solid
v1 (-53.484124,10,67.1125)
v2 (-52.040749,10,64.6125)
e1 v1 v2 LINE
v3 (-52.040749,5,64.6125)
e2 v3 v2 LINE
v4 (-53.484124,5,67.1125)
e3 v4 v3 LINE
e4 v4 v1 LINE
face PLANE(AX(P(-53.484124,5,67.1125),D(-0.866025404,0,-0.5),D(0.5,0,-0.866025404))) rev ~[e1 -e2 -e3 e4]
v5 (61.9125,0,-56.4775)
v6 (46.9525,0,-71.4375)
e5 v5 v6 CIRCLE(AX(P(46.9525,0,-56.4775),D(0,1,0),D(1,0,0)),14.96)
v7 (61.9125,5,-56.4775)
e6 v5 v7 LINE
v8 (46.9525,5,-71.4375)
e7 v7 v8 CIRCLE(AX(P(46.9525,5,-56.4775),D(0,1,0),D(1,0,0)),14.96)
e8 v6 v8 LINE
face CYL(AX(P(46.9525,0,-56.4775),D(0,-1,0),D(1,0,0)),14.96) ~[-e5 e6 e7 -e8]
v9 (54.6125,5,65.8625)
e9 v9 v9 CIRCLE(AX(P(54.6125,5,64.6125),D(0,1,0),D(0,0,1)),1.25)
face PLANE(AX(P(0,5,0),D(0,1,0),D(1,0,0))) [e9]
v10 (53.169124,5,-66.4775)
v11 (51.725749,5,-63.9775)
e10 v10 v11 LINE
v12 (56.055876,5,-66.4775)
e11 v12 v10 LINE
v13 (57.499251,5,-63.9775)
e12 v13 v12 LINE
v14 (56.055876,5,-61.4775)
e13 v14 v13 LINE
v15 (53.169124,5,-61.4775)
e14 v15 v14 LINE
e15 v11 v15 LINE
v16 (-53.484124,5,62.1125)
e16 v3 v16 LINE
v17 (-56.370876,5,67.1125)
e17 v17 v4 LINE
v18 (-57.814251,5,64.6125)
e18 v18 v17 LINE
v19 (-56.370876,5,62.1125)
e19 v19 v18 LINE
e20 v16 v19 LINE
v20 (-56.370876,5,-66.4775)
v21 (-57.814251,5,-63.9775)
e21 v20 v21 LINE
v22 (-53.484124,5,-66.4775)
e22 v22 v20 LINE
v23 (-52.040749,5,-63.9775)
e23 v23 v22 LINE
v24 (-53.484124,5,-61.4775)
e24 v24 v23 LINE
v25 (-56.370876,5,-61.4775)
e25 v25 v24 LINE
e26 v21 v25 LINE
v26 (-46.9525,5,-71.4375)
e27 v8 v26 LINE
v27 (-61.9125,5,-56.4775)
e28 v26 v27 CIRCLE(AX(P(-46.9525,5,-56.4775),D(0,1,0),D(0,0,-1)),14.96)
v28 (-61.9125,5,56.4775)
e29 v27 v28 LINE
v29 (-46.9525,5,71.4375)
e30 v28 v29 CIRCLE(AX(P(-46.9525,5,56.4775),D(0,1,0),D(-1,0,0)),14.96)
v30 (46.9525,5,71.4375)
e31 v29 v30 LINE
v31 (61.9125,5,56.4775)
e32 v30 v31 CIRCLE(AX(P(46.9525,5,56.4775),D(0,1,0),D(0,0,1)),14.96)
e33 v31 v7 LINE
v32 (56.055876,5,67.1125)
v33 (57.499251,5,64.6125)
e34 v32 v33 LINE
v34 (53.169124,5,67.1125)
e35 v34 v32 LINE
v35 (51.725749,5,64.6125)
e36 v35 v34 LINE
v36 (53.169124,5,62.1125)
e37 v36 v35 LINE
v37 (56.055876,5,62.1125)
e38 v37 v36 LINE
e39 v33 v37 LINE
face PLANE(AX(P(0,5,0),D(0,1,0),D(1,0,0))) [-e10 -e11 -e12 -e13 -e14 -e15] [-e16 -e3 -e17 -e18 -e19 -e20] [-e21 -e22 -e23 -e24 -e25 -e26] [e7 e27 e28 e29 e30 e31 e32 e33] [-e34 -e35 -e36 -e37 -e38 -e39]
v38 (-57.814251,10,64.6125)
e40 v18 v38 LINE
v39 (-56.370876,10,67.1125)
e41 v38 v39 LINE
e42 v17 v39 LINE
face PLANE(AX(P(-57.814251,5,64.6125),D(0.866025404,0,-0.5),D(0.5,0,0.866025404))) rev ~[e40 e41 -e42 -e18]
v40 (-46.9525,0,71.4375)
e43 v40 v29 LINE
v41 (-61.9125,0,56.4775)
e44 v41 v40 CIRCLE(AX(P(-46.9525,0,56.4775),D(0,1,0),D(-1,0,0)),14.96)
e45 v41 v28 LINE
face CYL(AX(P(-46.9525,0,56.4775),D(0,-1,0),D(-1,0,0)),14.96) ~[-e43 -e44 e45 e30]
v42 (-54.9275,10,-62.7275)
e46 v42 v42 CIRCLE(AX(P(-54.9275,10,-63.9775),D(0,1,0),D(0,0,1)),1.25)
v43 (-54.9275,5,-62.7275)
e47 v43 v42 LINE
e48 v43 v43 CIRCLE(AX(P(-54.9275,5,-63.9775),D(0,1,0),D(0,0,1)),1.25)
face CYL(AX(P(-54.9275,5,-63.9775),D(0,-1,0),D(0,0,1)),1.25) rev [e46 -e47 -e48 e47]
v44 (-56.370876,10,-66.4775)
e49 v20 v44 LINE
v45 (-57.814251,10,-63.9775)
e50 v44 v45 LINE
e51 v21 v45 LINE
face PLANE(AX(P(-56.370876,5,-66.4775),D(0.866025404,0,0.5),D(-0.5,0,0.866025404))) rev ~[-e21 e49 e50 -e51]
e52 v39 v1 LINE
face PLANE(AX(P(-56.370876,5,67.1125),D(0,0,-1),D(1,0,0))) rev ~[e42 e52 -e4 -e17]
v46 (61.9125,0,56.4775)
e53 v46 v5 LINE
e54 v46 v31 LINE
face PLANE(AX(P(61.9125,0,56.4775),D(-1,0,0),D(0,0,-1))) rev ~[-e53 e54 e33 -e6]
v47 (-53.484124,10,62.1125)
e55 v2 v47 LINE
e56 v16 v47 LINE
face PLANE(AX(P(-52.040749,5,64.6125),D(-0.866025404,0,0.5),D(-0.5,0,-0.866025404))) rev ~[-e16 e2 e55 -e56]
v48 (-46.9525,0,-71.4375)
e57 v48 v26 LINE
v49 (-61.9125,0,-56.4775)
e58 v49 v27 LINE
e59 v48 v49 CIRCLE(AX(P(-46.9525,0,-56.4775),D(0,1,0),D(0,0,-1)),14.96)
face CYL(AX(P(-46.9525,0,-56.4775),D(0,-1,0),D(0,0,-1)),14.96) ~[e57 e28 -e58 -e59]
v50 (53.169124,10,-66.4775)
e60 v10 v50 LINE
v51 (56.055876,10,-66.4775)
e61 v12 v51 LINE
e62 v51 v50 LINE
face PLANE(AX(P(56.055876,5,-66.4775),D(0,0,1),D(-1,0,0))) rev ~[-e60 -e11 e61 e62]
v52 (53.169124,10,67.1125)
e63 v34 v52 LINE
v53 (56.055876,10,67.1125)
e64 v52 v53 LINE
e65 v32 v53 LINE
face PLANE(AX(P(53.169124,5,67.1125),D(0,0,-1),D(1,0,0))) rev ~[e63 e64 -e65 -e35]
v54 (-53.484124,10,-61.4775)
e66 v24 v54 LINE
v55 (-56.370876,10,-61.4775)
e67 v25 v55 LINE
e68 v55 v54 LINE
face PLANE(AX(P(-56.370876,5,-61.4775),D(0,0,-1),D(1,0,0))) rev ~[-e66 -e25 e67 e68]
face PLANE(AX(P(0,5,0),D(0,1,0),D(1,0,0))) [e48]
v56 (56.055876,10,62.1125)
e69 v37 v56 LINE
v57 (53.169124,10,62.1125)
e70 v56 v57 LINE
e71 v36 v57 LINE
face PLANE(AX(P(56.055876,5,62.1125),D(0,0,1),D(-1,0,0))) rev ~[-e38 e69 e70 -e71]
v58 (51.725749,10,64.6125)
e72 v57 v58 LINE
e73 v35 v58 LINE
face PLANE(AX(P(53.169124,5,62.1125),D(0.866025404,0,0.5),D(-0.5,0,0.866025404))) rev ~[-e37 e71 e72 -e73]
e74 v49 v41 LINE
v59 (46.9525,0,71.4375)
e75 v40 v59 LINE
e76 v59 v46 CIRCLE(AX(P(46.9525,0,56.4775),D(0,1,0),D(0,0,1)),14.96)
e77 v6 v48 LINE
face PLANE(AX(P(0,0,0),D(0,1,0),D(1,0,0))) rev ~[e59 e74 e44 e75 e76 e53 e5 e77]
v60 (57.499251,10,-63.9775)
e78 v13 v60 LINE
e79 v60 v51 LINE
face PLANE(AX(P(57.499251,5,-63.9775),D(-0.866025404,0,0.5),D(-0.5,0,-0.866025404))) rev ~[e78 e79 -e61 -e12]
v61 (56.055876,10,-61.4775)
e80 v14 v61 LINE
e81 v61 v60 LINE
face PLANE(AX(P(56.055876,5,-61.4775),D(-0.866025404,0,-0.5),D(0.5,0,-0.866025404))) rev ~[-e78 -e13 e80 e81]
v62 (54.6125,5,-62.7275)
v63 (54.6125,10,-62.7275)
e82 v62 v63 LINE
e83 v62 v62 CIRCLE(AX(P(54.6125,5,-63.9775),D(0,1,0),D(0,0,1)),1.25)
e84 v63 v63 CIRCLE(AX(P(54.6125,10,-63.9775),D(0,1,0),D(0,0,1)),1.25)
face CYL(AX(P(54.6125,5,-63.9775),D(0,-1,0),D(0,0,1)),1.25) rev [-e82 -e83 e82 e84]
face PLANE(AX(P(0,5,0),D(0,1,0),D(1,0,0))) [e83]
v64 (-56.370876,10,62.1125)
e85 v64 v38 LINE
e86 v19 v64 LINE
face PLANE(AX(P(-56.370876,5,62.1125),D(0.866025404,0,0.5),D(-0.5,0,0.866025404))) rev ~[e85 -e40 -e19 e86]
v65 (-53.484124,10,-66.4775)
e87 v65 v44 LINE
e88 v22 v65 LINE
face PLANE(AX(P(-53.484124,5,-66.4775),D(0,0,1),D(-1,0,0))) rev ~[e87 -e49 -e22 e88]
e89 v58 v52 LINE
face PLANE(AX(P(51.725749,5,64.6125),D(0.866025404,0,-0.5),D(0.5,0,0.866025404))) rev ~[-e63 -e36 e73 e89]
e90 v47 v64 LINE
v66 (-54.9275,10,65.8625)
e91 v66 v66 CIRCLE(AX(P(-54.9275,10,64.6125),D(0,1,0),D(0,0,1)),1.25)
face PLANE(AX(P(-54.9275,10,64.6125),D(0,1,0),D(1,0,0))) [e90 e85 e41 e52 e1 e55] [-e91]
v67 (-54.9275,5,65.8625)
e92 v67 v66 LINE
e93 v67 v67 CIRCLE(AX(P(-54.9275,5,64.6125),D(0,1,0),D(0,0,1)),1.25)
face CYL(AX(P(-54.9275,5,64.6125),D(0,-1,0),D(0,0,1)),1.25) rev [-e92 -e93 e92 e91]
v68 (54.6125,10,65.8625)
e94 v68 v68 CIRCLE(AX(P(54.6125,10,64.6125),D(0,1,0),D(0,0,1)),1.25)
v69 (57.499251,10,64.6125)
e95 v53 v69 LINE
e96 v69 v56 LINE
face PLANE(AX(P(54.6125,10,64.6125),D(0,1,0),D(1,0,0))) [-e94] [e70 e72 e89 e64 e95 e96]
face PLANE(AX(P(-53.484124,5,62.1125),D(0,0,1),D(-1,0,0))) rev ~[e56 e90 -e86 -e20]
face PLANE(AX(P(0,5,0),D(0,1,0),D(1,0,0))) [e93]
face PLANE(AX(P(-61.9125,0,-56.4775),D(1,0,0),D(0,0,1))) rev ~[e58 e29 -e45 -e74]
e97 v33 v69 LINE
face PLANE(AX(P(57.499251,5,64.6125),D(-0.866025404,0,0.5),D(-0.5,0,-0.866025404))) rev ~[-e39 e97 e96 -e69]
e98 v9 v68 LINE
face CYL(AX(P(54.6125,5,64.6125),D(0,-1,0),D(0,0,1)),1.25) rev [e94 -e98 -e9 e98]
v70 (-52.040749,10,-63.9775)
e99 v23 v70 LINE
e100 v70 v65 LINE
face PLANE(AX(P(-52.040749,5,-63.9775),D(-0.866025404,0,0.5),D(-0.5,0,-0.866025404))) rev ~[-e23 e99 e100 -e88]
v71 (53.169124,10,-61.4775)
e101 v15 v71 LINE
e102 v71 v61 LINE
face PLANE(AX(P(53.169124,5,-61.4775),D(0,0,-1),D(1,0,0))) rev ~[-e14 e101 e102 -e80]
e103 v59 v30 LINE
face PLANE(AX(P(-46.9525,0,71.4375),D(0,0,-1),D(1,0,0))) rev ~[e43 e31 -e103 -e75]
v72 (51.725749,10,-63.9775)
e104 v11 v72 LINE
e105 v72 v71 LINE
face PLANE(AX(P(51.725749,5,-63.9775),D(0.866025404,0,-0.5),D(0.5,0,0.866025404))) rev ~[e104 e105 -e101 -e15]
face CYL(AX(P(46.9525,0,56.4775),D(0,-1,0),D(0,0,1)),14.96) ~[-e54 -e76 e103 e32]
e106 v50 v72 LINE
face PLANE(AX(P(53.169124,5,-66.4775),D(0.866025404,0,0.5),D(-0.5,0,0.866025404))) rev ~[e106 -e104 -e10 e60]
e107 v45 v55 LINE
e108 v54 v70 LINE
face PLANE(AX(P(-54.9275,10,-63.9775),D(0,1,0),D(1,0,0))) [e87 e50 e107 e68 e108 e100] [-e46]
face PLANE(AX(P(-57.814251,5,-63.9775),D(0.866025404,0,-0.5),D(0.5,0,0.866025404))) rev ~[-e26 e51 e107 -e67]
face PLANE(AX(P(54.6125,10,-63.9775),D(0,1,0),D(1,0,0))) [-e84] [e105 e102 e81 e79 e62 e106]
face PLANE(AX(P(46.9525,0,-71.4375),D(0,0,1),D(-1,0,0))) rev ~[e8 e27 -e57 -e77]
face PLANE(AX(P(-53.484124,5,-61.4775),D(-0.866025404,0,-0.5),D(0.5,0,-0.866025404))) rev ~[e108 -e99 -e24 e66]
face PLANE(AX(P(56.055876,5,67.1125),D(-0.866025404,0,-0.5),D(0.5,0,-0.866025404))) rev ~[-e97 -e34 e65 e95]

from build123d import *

# Parameters (mm, degrees)
FLOOR_2_DEPTH       = 5
SKETCH2_R           = 1.25
BOSS_EXTRUDE1_DEPTH = 5


with BuildPart() as part:
    # Sketch1 → Floor 2 (new body)
    with BuildSketch(Plane(origin=(0, 0, 0), x_dir=(1, 0, 0), z_dir=(0, 1, 0))):
        with BuildLine():
            Line((-46.9525, -71.4375), (46.9525, -71.4375))
            ThreePointArc((46.9525, -71.4375), (57.530817447, -67.055817447), (61.9125, -56.4775))
            Line((61.9125, -56.4775), (61.9125, 56.4775))
            ThreePointArc((61.9125, 56.4775), (57.530817447, 67.055817447), (46.9525, 71.4375))
            Line((46.9525, 71.4375), (-46.9525, 71.4375))
            ThreePointArc((-46.9525, 71.4375), (-57.530817447, 67.055817447), (-61.9125, 56.4775))
            Line((-61.9125, 56.4775), (-61.9125, -56.4775))
            ThreePointArc((-61.9125, -56.4775), (-57.530817447, -67.055817447), (-46.9525, -71.4375))
        make_face()
    extrude(amount=FLOOR_2_DEPTH)

    # Sketch2 → Boss-Extrude1 (add)
    # profile 1 of 4: a face of its own
    with BuildSketch(Plane(origin=(0, 5, 0), x_dir=(1, 0, 0), z_dir=(0, 1, 0))):
        Polygon((-56.370875673, -62.1125), (-57.814251346, -64.6125), (-56.370875673, -67.1125), (-53.484124327, -67.1125), (-52.040748654, -64.6125), (-53.484124327, -62.1125), align=None)
        with Locations(Location((-54.9275, -64.6125, 0), (0, 0, 270))):
            Circle(SKETCH2_R, mode=Mode.SUBTRACT)
    # profile 2 of 4: a face of its own
    with BuildSketch(Plane(origin=(0, 5, 0), x_dir=(1, 0, 0), z_dir=(0, 1, 0))):
        Polygon((56.055875673, -62.1125), (53.169124327, -62.1125), (51.725748654, -64.6125), (53.169124327, -67.1125), (56.055875673, -67.1125), (57.499251346, -64.6125), align=None)
        with Locations(Location((54.6125, -64.6125, 0), (0, 0, 270))):
            Circle(SKETCH2_R, mode=Mode.SUBTRACT)
    # profile 3 of 4: a face of its own
    with BuildSketch(Plane(origin=(0, 5, 0), x_dir=(1, 0, 0), z_dir=(0, 1, 0))):
        Polygon((-56.370875673, 66.4775), (-57.814251346, 63.9775), (-56.370875673, 61.4775), (-53.484124327, 61.4775), (-52.040748654, 63.9775), (-53.484124327, 66.4775), align=None)
        with Locations(Location((-54.9275, 63.9775, 0), (0, 0, 270))):
            Circle(SKETCH2_R, mode=Mode.SUBTRACT)
    # profile 4 of 4: a face of its own
    with BuildSketch(Plane(origin=(0, 5, 0), x_dir=(1, 0, 0), z_dir=(0, 1, 0))):
        Polygon((57.499251346, 63.9775), (56.055875673, 66.4775), (53.169124327, 66.4775), (51.725748654, 63.9775), (53.169124327, 61.4775), (56.055875673, 61.4775), align=None)
        with Locations(Location((54.6125, 63.9775, 0), (0, 0, 270))):
            Circle(SKETCH2_R, mode=Mode.SUBTRACT)
    extrude(amount=BOSS_EXTRUDE1_DEPTH)


solid = part.part
